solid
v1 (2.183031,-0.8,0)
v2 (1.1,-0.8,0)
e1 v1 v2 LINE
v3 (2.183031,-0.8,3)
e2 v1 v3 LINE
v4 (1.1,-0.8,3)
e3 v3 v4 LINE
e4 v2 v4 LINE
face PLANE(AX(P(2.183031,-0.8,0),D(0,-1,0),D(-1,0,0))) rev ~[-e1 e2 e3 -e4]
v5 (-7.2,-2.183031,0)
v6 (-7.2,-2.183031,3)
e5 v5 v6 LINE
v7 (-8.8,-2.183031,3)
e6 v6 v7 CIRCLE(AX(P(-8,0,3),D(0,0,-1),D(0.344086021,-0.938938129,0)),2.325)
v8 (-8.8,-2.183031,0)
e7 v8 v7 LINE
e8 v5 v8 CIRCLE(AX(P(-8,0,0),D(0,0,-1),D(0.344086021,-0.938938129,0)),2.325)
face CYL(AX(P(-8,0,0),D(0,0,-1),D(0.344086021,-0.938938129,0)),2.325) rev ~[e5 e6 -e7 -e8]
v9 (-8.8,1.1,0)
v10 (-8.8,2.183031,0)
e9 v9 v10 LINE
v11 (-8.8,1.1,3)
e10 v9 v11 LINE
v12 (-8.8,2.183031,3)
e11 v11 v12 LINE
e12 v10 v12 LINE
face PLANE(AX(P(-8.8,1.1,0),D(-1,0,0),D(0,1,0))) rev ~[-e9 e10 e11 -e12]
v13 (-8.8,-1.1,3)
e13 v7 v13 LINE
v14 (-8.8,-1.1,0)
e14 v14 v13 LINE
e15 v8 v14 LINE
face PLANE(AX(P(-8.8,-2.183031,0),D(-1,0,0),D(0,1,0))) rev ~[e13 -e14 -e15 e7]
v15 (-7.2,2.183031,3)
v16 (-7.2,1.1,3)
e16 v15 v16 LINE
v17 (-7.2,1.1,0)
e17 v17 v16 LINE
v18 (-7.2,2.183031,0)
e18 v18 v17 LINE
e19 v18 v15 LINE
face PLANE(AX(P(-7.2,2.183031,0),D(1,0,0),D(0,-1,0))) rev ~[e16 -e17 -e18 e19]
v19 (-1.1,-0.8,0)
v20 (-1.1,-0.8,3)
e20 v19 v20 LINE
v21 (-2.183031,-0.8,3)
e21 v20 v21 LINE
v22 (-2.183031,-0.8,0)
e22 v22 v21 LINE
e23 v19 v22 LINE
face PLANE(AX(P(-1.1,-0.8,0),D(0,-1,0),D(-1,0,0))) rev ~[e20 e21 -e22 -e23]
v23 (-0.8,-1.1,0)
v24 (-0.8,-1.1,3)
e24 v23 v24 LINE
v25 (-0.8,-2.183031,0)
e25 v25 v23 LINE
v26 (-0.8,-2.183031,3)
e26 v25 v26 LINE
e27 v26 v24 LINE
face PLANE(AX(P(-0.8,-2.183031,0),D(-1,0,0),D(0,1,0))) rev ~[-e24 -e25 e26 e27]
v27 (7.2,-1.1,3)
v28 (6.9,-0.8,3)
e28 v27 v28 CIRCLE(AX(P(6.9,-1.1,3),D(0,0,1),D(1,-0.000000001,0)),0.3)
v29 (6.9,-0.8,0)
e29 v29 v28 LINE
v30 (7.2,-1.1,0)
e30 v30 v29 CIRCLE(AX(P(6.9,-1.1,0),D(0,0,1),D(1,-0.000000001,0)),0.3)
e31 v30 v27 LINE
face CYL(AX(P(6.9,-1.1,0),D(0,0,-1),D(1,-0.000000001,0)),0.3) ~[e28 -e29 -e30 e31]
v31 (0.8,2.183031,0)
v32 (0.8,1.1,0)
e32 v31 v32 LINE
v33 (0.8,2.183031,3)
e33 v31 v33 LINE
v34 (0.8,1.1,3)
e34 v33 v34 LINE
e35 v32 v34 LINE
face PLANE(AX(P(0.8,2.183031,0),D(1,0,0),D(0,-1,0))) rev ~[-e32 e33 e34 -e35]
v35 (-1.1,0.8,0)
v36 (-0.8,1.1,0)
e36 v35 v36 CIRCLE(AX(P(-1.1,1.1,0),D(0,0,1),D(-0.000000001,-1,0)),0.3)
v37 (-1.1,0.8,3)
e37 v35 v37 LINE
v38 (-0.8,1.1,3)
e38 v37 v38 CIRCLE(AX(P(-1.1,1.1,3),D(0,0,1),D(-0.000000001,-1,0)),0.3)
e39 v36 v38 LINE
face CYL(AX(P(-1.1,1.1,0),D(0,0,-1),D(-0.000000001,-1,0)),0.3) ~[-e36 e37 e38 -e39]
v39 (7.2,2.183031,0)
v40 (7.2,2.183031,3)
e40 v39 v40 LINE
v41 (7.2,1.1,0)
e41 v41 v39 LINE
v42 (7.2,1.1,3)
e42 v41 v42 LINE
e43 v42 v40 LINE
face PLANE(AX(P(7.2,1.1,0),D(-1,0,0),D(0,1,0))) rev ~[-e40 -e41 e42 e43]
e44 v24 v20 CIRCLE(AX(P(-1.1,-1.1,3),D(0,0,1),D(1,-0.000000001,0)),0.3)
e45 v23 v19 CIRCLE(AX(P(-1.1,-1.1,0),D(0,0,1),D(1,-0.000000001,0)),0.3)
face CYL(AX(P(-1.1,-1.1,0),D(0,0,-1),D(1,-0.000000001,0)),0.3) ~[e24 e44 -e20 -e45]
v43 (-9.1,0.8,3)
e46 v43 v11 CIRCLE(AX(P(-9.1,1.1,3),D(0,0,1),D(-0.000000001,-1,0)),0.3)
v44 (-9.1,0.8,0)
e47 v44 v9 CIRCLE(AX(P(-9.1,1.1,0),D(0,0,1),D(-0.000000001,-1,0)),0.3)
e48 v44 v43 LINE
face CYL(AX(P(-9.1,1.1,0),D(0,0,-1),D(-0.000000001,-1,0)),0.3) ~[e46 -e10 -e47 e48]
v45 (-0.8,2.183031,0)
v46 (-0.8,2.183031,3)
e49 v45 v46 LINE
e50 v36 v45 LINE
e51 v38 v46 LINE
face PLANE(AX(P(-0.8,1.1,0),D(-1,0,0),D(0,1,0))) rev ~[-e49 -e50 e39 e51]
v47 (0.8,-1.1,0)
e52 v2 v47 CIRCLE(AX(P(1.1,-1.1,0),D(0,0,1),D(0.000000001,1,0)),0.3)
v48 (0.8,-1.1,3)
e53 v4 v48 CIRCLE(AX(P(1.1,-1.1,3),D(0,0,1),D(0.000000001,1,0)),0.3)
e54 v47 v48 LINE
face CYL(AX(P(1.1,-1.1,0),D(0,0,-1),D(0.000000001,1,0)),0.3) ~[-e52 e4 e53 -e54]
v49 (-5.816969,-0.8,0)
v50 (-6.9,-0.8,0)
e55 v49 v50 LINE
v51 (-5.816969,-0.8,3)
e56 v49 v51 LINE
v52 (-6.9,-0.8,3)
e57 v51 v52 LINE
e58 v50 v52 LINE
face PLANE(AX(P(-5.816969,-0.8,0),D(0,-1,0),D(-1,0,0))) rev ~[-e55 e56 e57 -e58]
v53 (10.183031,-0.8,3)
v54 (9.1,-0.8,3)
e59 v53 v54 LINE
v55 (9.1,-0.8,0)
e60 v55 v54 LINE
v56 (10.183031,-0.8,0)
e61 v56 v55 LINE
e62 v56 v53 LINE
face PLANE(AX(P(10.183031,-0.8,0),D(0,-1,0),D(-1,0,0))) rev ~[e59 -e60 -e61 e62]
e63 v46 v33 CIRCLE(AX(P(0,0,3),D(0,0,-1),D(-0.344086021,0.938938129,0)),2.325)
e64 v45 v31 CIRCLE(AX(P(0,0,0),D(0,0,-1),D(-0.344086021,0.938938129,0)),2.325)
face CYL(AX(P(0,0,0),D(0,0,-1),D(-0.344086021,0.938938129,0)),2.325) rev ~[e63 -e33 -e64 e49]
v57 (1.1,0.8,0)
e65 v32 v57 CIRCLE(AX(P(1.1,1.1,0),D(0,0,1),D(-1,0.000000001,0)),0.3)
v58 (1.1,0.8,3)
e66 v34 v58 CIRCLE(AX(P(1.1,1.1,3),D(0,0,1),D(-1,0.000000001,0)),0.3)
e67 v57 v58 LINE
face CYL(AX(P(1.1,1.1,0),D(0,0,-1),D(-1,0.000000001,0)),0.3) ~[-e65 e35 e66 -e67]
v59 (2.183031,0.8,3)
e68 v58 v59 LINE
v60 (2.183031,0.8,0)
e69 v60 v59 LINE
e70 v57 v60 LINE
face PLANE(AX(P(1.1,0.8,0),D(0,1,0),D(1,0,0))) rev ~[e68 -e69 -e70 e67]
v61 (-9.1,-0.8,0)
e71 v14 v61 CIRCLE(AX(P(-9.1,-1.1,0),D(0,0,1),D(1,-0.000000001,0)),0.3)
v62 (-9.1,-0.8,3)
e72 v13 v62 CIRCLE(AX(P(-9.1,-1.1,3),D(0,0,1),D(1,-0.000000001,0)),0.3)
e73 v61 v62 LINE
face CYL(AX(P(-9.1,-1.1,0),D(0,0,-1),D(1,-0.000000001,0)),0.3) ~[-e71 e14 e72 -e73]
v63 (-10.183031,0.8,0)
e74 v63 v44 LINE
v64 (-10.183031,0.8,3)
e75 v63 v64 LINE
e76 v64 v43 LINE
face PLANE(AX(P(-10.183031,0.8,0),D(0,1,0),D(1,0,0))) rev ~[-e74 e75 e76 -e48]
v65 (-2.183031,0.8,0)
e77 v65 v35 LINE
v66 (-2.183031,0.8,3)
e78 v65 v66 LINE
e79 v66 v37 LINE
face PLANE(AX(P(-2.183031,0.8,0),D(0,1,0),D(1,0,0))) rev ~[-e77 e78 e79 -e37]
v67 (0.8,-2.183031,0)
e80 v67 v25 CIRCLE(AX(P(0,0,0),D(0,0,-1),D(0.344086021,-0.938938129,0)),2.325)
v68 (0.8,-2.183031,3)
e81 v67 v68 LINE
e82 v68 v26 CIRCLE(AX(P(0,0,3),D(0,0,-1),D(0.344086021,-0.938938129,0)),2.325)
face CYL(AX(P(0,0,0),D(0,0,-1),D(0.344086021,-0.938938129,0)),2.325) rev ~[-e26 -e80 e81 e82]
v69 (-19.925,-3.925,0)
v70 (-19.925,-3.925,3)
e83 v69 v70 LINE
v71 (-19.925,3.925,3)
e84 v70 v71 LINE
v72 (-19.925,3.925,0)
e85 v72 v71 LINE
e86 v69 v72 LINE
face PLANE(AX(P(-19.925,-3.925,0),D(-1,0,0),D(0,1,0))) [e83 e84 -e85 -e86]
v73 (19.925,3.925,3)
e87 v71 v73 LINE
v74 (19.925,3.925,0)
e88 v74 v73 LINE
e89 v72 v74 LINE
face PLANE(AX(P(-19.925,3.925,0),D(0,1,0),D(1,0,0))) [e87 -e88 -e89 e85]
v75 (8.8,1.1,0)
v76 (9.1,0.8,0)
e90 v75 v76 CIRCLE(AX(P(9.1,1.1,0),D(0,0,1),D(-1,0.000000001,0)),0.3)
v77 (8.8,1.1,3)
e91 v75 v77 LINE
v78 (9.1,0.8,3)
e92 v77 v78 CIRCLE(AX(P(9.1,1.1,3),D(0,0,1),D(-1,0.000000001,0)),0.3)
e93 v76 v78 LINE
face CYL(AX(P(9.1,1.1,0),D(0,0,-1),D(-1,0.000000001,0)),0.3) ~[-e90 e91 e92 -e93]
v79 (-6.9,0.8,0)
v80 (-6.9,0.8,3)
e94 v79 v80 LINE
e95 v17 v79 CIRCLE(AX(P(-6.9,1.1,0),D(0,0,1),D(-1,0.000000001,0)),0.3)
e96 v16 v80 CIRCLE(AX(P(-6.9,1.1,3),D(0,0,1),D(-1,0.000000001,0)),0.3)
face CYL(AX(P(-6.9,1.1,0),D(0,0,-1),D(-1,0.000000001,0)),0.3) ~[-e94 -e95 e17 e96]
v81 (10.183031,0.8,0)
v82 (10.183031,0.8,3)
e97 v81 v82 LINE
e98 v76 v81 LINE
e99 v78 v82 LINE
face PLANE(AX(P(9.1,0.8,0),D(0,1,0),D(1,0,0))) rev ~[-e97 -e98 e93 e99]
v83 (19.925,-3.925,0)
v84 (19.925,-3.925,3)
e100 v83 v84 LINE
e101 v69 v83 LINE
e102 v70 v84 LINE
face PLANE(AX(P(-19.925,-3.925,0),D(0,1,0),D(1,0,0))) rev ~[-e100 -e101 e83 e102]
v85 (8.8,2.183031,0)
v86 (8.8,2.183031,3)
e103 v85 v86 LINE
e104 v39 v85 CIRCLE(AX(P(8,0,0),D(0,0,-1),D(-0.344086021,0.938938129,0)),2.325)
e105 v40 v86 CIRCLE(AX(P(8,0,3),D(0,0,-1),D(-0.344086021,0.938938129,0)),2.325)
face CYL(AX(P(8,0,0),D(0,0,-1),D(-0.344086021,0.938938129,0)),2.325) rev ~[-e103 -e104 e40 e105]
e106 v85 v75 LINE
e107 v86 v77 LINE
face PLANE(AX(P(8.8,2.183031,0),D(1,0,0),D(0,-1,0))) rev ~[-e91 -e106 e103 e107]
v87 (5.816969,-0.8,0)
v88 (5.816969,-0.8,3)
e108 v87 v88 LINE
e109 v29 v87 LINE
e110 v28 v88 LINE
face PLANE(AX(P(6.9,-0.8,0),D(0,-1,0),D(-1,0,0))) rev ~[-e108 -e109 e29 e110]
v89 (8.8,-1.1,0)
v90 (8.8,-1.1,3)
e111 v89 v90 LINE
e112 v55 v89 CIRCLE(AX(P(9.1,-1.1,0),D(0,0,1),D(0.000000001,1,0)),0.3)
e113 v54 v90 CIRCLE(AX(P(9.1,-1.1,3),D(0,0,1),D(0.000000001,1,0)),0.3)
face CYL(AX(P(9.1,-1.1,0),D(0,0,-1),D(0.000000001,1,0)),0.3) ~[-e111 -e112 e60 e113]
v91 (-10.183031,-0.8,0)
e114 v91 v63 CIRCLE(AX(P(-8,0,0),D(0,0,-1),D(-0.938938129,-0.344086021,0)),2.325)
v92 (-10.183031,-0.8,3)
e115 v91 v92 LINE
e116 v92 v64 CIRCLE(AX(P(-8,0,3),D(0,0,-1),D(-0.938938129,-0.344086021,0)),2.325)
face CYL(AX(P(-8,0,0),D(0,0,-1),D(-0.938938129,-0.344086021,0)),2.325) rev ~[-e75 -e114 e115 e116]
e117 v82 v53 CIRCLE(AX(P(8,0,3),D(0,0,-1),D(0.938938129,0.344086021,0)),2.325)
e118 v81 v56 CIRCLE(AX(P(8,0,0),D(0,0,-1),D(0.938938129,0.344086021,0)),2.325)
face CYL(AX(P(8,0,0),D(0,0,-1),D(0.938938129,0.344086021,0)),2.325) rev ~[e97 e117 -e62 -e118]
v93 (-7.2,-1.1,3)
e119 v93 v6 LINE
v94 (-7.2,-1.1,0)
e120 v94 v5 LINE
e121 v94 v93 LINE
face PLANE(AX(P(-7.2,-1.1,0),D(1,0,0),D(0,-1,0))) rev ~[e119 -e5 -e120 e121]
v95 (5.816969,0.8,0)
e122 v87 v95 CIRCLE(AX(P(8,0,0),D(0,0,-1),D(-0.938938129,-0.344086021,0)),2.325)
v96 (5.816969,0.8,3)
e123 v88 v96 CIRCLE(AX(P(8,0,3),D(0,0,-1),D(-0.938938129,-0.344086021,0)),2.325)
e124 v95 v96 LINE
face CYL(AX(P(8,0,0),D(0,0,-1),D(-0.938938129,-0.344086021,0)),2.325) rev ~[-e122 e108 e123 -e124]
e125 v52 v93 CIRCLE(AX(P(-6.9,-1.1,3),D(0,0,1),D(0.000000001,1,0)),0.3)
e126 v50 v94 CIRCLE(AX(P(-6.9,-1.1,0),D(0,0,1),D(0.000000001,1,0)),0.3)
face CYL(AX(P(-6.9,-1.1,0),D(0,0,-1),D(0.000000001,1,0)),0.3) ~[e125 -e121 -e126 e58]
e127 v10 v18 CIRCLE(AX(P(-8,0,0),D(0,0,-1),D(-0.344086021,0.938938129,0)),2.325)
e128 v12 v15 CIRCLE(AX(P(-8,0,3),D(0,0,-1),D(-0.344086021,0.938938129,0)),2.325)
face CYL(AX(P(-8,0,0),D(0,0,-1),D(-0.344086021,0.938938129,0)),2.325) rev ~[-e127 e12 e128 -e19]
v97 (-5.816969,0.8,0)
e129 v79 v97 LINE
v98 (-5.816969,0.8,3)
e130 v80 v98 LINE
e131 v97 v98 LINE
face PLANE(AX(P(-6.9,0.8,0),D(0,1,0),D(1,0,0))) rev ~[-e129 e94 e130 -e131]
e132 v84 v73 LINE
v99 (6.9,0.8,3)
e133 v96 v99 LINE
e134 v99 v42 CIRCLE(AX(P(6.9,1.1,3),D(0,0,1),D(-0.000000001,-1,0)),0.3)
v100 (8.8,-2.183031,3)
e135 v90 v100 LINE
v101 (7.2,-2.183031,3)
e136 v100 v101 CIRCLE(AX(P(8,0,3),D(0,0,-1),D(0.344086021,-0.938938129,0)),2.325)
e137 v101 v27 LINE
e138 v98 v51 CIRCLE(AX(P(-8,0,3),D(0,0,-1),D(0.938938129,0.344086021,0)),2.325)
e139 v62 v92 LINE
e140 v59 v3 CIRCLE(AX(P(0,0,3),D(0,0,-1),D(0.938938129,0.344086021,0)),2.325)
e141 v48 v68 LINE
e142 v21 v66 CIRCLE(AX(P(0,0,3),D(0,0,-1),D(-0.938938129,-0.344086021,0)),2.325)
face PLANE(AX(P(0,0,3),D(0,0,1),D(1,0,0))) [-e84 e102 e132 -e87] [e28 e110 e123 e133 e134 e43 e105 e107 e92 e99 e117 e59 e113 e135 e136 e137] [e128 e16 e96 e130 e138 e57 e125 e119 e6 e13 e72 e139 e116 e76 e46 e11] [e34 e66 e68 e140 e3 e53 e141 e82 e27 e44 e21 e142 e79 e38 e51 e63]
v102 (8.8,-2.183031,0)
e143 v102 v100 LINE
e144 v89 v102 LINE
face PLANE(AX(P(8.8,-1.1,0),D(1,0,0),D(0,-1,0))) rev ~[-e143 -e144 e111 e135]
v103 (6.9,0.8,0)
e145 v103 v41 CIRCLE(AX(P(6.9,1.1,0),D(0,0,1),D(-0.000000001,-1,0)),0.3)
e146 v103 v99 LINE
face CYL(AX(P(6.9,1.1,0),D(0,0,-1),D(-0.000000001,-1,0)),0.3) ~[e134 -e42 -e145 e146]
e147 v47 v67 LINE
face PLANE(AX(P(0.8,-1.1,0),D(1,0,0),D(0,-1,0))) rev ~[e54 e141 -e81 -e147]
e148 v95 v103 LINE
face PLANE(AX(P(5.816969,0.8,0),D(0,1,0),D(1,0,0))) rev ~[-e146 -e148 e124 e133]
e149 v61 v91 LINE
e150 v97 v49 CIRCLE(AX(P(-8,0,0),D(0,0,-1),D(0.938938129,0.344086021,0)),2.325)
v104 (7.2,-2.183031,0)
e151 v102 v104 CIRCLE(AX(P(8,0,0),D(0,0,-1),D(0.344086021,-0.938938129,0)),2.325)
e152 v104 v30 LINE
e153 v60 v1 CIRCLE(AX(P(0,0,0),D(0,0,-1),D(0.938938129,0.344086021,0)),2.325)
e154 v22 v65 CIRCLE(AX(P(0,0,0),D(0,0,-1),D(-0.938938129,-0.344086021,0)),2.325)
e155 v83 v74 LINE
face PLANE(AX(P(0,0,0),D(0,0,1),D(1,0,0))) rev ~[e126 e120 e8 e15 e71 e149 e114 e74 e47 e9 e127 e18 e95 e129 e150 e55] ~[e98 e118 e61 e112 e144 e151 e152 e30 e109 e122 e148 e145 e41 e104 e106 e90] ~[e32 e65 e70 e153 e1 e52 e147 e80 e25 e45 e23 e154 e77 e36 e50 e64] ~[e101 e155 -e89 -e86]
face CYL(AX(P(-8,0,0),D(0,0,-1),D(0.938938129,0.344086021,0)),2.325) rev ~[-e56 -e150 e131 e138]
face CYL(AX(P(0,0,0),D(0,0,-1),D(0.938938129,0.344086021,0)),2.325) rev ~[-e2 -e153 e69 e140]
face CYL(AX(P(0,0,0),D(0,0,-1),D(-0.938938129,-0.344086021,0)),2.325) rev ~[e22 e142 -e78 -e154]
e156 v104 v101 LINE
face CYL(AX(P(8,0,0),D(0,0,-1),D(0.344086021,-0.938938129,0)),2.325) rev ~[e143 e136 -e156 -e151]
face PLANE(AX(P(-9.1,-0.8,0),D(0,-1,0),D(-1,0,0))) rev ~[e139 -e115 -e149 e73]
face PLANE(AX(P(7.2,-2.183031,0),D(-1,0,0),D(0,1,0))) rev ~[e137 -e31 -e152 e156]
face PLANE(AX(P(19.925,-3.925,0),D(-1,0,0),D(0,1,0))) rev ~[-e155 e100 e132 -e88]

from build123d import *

# Parameters (mm, degrees)
F0_W     = 39.85
F0_H     = 7.85
F1_DEPTH = 3


with BuildPart() as f1:
    # F0 (on Top) → F1 (new body)
    with BuildSketch(Plane.XY):
        Rectangle(F0_W, F0_H)
        with BuildLine():
            ThreePointArc((-16.8, 2.1830311496), (-16, 2.325), (-15.2, 2.1830311496))
            Line((-15.2, 2.1830311496), (-15.2, 1.1))
            ThreePointArc((-15.2, 1.1), (-15.1121320344, 0.8878679656), (-14.9, 0.8))
            Line((-14.9, 0.8), (-13.8169688504, 0.8))
            ThreePointArc((-13.8169688504, 0.8), (-13.675, 0), (-13.8169688504, -0.8))
            Line((-13.8169688504, -0.8), (-14.9, -0.8))
            ThreePointArc((-14.9, -0.8), (-15.1121320344, -0.8878679656), (-15.2, -1.1))
            Line((-15.2, -1.1), (-15.2, -2.1830311496))
            ThreePointArc((-15.2, -2.1830311496), (-16, -2.325), (-16.8, -2.1830311496))
            Line((-16.8, -2.1830311496), (-16.8, -1.1))
            ThreePointArc((-16.8, -1.1), (-16.8878679656, -0.8878679656), (-17.1, -0.8))
            Line((-17.1, -0.8), (-18.1830311496, -0.8))
            ThreePointArc((-18.1830311496, -0.8), (-18.325, 0), (-18.1830311496, 0.8))
            Line((-18.1830311496, 0.8), (-17.1, 0.8))
            ThreePointArc((-17.1, 0.8), (-16.8878679656, 0.8878679656), (-16.8, 1.1))
            Line((-16.8, 1.1), (-16.8, 2.1830311496))
        make_face(mode=Mode.SUBTRACT)
        with BuildLine():
            ThreePointArc((-8.8, 2.1830311496), (-8, 2.325), (-7.2, 2.1830311496))
            Line((-7.2, 2.1830311496), (-7.2, 1.1))
            ThreePointArc((-7.2, 1.1), (-7.1121320344, 0.8878679656), (-6.9, 0.8))
            Line((-6.9, 0.8), (-5.8169688504, 0.8))
            ThreePointArc((-5.8169688504, 0.8), (-5.675, 0), (-5.8169688504, -0.8))
            Line((-5.8169688504, -0.8), (-6.9, -0.8))
            ThreePointArc((-6.9, -0.8), (-7.1121320344, -0.8878679656), (-7.2, -1.1))
            Line((-7.2, -1.1), (-7.2, -2.1830311496))
            ThreePointArc((-7.2, -2.1830311496), (-8, -2.325), (-8.8, -2.1830311496))
            Line((-8.8, -2.1830311496), (-8.8, -1.1))
            ThreePointArc((-8.8, -1.1), (-8.8878679656, -0.8878679656), (-9.1, -0.8))
            Line((-9.1, -0.8), (-10.1830311496, -0.8))
            ThreePointArc((-10.1830311496, -0.8), (-10.325, 0), (-10.1830311496, 0.8))
            Line((-10.1830311496, 0.8), (-9.1, 0.8))
            ThreePointArc((-9.1, 0.8), (-8.8878679656, 0.8878679656), (-8.8, 1.1))
            Line((-8.8, 1.1), (-8.8, 2.1830311496))
        make_face(mode=Mode.SUBTRACT)
        with BuildLine():
            ThreePointArc((-0.8, 2.1830311496), (0, 2.325), (0.8, 2.1830311496))
            Line((0.8, 2.1830311496), (0.8, 1.1))
            ThreePointArc((0.8, 1.1), (0.8878679656, 0.8878679656), (1.1, 0.8))
            Line((1.1, 0.8), (2.1830311496, 0.8))
            ThreePointArc((2.1830311496, 0.8), (2.325, 0), (2.1830311496, -0.8))
            Line((2.1830311496, -0.8), (1.1, -0.8))
            ThreePointArc((1.1, -0.8), (0.8878679656, -0.8878679656), (0.8, -1.1))
            Line((0.8, -1.1), (0.8, -2.1830311496))
            ThreePointArc((0.8, -2.1830311496), (0, -2.325), (-0.8, -2.1830311496))
            Line((-0.8, -2.1830311496), (-0.8, -1.1))
            ThreePointArc((-0.8, -1.1), (-0.8878679656, -0.8878679656), (-1.1, -0.8))
            Line((-1.1, -0.8), (-2.1830311496, -0.8))
            ThreePointArc((-2.1830311496, -0.8), (-2.325, 0), (-2.1830311496, 0.8))
            Line((-2.1830311496, 0.8), (-1.1, 0.8))
            ThreePointArc((-1.1, 0.8), (-0.8878679656, 0.8878679656), (-0.8, 1.1))
            Line((-0.8, 1.1), (-0.8, 2.1830311496))
        make_face(mode=Mode.SUBTRACT)
        with BuildLine():
            ThreePointArc((7.2, 2.1830311496), (8, 2.325), (8.8, 2.1830311496))
            Line((8.8, 2.1830311496), (8.8, 1.1))
            ThreePointArc((8.8, 1.1), (8.8878679656, 0.8878679656), (9.1, 0.8))
            Line((9.1, 0.8), (10.1830311496, 0.8))
            ThreePointArc((10.1830311496, 0.8), (10.325, 0), (10.1830311496, -0.8))
            Line((10.1830311496, -0.8), (9.1, -0.8))
            ThreePointArc((9.1, -0.8), (8.8878679656, -0.8878679656), (8.8, -1.1))
            Line((8.8, -1.1), (8.8, -2.1830311496))
            ThreePointArc((8.8, -2.1830311496), (8, -2.325), (7.2, -2.1830311496))
            Line((7.2, -2.1830311496), (7.2, -1.1))
            ThreePointArc((7.2, -1.1), (7.1121320344, -0.8878679656), (6.9, -0.8))
            Line((6.9, -0.8), (5.8169688504, -0.8))
            ThreePointArc((5.8169688504, -0.8), (5.675, 0), (5.8169688504, 0.8))
            Line((5.8169688504, 0.8), (6.9, 0.8))
            ThreePointArc((6.9, 0.8), (7.1121320344, 0.8878679656), (7.2, 1.1))
            Line((7.2, 1.1), (7.2, 2.1830311496))
        make_face(mode=Mode.SUBTRACT)
        with BuildLine():
            ThreePointArc((15.2, 2.1830311496), (16, 2.325), (16.8, 2.1830311496))
            Line((16.8, 2.1830311496), (16.8, 1.1))
            ThreePointArc((16.8, 1.1), (16.8878679656, 0.8878679656), (17.1, 0.8))
            Line((17.1, 0.8), (18.1830311496, 0.8))
            ThreePointArc((18.1830311496, 0.8), (18.325, 0), (18.1830311496, -0.8))
            Line((18.1830311496, -0.8), (17.1, -0.8))
            ThreePointArc((17.1, -0.8), (16.8878679656, -0.8878679656), (16.8, -1.1))
            Line((16.8, -1.1), (16.8, -2.1830311496))
            ThreePointArc((16.8, -2.1830311496), (16, -2.325), (15.2, -2.1830311496))
            Line((15.2, -2.1830311496), (15.2, -1.1))
            ThreePointArc((15.2, -1.1), (15.1121320344, -0.8878679656), (14.9, -0.8))
            Line((14.9, -0.8), (13.8169688504, -0.8))
            ThreePointArc((13.8169688504, -0.8), (13.675, 0), (13.8169688504, 0.8))
            Line((13.8169688504, 0.8), (14.9, 0.8))
            ThreePointArc((14.9, 0.8), (15.1121320344, 0.8878679656), (15.2, 1.1))
            Line((15.2, 1.1), (15.2, 2.1830311496))
        make_face(mode=Mode.SUBTRACT)
        with BuildLine():
            Line((-15.2, 1.1), (-15.2, 2.1830311496))
            ThreePointArc((-15.2, 2.1830311496), (-16, 2.325), (-16.8, 2.1830311496))
            Line((-16.8, 2.1830311496), (-16.8, 1.1))
            ThreePointArc((-16.8, 1.1), (-16.8878679656, 0.8878679656), (-17.1, 0.8))
            Line((-17.1, 0.8), (-18.1830311496, 0.8))
            ThreePointArc((-18.1830311496, 0.8), (-18.325, 0), (-18.1830311496, -0.8))
            Line((-18.1830311496, -0.8), (-17.1, -0.8))
            ThreePointArc((-17.1, -0.8), (-16.8878679656, -0.8878679656), (-16.8, -1.1))
            Line((-16.8, -1.1), (-16.8, -2.1830311496))
            ThreePointArc((-16.8, -2.1830311496), (-16, -2.325), (-15.2, -2.1830311496))
            Line((-15.2, -2.1830311496), (-15.2, -1.1))
            ThreePointArc((-15.2, -1.1), (-15.1121320344, -0.8878679656), (-14.9, -0.8))
            Line((-14.9, -0.8), (-13.8169688504, -0.8))
            ThreePointArc((-13.8169688504, -0.8), (-13.675, 0), (-13.8169688504, 0.8))
            Line((-13.8169688504, 0.8), (-14.9, 0.8))
            ThreePointArc((-14.9, 0.8), (-15.1121320344, 0.8878679656), (-15.2, 1.1))
        make_face()
        with BuildLine():
            Line((16.8, 1.1), (16.8, 2.1830311496))
            ThreePointArc((16.8, 2.1830311496), (16, 2.325), (15.2, 2.1830311496))
            Line((15.2, 2.1830311496), (15.2, 1.1))
            ThreePointArc((15.2, 1.1), (15.1121320344, 0.8878679656), (14.9, 0.8))
            Line((14.9, 0.8), (13.8169688504, 0.8))
            ThreePointArc((13.8169688504, 0.8), (13.675, 0), (13.8169688504, -0.8))
            Line((13.8169688504, -0.8), (14.9, -0.8))
            ThreePointArc((14.9, -0.8), (15.1121320344, -0.8878679656), (15.2, -1.1))
            Line((15.2, -1.1), (15.2, -2.1830311496))
            ThreePointArc((15.2, -2.1830311496), (16, -2.325), (16.8, -2.1830311496))
            Line((16.8, -2.1830311496), (16.8, -1.1))
            ThreePointArc((16.8, -1.1), (16.8878679656, -0.8878679656), (17.1, -0.8))
            Line((17.1, -0.8), (18.1830311496, -0.8))
            ThreePointArc((18.1830311496, -0.8), (18.325, 0), (18.1830311496, 0.8))
            Line((18.1830311496, 0.8), (17.1, 0.8))
            ThreePointArc((17.1, 0.8), (16.8878679656, 0.8878679656), (16.8, 1.1))
        make_face()
    extrude(amount=F1_DEPTH)


solid = f1.part
